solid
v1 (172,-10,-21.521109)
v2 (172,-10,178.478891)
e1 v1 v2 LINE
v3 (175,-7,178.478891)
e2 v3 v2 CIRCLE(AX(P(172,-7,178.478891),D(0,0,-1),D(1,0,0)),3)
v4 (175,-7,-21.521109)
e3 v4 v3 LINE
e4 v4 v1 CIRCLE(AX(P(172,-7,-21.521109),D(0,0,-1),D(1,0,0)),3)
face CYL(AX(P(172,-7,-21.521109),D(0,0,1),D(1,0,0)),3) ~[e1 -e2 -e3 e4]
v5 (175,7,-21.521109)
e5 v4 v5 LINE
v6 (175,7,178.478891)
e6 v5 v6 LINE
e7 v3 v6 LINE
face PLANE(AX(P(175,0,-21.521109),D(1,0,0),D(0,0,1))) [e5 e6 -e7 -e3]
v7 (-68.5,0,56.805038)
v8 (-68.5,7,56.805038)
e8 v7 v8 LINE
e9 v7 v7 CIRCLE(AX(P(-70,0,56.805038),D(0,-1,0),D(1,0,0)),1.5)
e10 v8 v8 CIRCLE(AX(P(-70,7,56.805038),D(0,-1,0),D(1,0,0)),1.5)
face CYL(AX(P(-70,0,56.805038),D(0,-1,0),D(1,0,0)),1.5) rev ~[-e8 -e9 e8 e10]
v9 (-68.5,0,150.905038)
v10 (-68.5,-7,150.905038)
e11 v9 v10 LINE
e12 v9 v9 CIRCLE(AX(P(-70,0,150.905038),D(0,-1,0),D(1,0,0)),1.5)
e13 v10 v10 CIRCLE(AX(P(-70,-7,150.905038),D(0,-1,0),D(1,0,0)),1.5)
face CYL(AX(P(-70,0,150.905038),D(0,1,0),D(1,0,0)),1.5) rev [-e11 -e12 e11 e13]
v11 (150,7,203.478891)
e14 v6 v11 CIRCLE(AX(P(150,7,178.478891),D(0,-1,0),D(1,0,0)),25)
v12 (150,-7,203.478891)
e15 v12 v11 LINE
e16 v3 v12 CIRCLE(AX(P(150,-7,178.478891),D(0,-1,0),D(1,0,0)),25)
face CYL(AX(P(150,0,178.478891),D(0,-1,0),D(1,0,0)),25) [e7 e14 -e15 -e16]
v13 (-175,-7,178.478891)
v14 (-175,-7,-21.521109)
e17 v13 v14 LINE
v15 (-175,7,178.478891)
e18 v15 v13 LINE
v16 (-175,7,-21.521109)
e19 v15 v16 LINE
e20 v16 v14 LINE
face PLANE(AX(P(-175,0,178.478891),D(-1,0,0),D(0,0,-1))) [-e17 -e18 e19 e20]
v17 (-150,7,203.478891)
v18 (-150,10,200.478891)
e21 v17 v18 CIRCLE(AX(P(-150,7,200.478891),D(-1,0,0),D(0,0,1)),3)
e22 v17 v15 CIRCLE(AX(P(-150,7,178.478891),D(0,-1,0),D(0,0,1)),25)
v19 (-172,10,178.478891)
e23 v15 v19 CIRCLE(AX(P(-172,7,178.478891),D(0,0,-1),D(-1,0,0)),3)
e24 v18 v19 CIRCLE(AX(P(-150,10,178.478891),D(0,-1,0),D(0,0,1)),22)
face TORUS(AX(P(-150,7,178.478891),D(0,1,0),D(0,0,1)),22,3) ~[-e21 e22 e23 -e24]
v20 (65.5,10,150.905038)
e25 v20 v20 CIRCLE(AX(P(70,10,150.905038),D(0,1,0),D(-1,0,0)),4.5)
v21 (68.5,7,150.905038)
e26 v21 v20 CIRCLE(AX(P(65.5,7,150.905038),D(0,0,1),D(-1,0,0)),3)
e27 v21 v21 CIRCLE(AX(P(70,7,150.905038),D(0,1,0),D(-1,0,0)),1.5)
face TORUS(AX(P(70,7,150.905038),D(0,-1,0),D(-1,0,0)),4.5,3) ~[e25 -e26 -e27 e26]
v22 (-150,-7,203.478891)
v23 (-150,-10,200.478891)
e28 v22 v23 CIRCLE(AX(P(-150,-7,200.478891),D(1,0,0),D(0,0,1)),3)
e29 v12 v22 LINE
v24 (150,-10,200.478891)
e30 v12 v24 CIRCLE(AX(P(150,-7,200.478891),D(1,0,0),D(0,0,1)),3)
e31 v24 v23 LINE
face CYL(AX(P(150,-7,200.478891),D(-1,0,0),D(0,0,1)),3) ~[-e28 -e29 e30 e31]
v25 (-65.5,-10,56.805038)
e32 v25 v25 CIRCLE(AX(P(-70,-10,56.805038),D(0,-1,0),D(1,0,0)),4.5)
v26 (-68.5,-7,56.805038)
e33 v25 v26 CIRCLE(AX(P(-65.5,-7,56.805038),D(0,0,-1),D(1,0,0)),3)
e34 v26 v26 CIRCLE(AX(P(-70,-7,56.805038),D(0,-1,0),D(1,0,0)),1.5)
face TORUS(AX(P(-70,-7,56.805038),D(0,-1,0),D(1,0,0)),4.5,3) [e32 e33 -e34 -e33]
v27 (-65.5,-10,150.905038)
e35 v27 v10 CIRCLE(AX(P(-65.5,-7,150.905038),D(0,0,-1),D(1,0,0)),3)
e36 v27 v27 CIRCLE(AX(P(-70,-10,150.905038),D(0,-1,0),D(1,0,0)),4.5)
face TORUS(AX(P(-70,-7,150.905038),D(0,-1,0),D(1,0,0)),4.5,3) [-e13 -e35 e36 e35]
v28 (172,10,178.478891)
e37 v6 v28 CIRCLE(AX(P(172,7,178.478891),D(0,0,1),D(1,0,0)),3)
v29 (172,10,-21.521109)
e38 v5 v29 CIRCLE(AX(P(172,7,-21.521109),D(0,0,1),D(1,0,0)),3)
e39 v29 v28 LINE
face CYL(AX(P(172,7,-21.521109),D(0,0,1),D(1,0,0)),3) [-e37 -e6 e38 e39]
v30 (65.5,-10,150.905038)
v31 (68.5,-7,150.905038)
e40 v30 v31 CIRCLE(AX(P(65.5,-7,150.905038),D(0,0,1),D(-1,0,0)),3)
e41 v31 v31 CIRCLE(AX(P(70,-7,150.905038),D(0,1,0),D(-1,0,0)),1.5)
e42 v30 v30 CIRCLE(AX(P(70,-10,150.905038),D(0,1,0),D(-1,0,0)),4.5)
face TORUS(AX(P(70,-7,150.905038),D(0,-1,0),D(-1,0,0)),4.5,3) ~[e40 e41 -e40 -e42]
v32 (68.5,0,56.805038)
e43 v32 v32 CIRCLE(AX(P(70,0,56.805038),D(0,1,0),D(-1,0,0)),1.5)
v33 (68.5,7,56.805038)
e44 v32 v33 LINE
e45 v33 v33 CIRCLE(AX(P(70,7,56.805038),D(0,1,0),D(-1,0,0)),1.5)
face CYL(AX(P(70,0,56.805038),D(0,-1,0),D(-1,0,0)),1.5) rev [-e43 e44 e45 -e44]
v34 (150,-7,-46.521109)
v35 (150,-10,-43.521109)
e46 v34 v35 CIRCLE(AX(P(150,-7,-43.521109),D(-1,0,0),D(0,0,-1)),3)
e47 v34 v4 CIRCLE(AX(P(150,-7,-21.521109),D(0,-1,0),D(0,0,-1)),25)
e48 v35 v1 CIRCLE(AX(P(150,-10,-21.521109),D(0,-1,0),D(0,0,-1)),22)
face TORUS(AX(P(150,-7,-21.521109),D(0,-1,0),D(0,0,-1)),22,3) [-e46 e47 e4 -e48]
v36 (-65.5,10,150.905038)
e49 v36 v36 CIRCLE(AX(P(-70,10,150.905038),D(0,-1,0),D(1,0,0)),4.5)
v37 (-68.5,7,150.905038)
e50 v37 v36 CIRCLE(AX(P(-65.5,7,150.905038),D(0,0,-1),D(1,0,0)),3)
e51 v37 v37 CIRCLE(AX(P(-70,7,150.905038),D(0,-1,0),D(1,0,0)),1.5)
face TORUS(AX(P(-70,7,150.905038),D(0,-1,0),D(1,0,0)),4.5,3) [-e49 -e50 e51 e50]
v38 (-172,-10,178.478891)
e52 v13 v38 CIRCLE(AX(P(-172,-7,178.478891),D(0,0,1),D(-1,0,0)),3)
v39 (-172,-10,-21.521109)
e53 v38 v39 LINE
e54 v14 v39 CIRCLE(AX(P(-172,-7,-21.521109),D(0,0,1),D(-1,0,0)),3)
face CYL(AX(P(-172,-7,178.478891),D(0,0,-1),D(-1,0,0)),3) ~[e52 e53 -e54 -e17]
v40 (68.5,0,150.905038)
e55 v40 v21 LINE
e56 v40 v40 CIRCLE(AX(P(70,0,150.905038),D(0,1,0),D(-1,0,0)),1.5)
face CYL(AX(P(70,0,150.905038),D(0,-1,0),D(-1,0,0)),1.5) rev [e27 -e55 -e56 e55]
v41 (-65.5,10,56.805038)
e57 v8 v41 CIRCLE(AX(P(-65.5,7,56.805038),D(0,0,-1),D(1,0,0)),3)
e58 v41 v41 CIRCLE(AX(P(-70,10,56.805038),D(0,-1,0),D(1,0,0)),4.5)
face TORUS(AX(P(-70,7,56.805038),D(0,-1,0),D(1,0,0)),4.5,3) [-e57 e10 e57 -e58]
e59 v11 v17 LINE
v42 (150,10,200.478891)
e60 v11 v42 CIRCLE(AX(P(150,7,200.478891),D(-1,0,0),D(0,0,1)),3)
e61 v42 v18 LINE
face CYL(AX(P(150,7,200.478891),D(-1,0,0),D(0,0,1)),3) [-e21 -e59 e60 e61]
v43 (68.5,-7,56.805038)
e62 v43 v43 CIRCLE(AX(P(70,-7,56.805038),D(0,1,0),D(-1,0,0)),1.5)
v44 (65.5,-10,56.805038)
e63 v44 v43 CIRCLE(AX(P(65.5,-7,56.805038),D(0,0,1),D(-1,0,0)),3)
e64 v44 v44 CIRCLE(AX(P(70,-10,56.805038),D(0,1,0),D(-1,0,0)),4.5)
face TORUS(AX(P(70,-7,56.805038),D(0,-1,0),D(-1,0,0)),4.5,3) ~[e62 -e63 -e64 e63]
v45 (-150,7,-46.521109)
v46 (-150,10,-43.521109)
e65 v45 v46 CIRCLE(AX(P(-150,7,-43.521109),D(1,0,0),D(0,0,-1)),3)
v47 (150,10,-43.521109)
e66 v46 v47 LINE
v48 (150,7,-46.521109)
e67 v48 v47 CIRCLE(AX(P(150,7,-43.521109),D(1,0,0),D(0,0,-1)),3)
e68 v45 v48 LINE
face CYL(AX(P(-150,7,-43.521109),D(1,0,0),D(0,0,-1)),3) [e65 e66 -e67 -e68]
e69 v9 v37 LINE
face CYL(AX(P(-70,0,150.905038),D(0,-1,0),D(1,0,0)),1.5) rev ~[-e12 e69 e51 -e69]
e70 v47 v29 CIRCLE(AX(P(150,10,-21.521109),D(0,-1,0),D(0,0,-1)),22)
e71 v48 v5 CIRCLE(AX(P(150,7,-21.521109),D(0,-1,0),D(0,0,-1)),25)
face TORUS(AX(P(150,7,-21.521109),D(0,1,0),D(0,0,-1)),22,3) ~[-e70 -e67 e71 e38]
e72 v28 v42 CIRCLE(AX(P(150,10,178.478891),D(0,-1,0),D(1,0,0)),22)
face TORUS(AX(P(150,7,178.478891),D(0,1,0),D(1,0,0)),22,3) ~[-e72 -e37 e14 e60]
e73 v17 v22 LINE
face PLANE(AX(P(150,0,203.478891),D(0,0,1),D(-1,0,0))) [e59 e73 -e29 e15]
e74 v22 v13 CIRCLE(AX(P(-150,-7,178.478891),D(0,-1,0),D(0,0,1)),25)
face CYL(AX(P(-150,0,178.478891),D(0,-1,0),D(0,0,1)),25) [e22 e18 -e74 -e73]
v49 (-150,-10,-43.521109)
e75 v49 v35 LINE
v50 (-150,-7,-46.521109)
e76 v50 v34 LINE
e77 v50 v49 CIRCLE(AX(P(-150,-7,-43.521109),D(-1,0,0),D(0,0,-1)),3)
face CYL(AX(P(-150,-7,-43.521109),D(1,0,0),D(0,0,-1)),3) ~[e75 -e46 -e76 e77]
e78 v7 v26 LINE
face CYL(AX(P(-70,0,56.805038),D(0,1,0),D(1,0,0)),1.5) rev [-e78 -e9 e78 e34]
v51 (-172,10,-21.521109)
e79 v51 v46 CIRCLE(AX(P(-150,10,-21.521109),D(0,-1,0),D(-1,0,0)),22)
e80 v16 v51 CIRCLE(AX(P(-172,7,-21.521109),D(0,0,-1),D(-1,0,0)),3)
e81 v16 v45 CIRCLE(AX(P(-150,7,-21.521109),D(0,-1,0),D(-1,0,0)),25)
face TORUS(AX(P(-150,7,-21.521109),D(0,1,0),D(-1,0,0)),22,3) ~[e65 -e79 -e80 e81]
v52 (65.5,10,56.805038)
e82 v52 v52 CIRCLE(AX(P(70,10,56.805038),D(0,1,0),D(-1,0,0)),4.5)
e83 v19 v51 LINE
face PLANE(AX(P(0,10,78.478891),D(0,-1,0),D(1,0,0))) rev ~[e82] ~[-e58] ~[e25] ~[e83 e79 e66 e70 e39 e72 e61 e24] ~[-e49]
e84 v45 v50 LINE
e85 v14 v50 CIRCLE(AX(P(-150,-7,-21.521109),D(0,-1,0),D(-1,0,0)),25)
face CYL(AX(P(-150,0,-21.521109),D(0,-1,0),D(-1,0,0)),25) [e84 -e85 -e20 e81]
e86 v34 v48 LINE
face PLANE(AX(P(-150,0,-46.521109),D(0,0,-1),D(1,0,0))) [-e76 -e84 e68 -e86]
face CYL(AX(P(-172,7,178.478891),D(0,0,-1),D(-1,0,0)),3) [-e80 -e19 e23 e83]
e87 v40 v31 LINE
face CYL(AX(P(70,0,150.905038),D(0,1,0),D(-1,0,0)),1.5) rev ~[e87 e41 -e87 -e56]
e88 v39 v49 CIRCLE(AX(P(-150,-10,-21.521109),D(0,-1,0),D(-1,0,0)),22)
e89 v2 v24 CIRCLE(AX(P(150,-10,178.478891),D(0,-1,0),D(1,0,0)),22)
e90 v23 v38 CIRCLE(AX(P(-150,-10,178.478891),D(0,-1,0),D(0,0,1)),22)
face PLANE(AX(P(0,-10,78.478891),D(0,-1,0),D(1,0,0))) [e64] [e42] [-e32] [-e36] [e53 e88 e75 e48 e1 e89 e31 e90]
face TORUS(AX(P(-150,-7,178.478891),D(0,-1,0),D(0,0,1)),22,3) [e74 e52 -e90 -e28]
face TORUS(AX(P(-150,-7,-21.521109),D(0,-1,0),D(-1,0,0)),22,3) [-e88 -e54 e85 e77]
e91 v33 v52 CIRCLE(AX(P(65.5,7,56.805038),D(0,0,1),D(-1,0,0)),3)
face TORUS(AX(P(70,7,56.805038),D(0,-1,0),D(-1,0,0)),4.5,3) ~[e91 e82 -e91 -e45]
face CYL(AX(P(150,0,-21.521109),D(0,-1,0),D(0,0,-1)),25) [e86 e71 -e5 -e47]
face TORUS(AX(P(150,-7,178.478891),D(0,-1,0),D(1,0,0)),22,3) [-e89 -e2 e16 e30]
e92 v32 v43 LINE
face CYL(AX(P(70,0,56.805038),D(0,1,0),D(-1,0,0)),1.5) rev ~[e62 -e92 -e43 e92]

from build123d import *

# Parameters (mm, degrees)
F0_R     = 1.5
F1_DEPTH = 10
F2_R     = 3


with BuildPart() as f1:
    # F0 (on Front) → F1 (new body, symmetric)
    with BuildSketch(Plane.XZ):
        with BuildLine():
            Line((150, 203.4788914025), (0, 203.4788914025))
            Line((0, 203.4788914025), (-150, 203.4788914025))
            ThreePointArc((-150, 203.4788914025), (-167.6776695297, 196.1565609321), (-175, 178.4788914025))
            Line((-175, 178.4788914025), (-175, -21.5211085975))
            ThreePointArc((-175, -21.5211085975), (-167.6776695297, -39.1987781272), (-150, -46.5211085975))
            Line((-150, -46.5211085975), (0, -46.5211085975))
            Line((0, -46.5211085975), (150, -46.5211085975))
            ThreePointArc((150, -46.5211085975), (167.6776695297, -39.1987781272), (175, -21.5211085975))
            Line((175, -21.5211085975), (175, 178.4788914025))
            ThreePointArc((175, 178.4788914025), (167.6776695297, 196.1565609321), (150, 203.4788914025))
        make_face()
        with Locations((-70, 56.8050378919)):
            Circle(F0_R, mode=Mode.SUBTRACT)
        with BuildLine():
            ThreePointArc((71.5, 56.8050378919), (70, 55.3050378919), (68.5, 56.8050378919))
            ThreePointArc((68.5, 56.8050378919), (70, 58.3050378919), (71.5, 56.8050378919))
        make_face(mode=Mode.SUBTRACT)
        with Locations((-70, 150.9050378919)):
            Circle(F0_R, mode=Mode.SUBTRACT)
        with BuildLine():
            ThreePointArc((71.5, 150.9050378919), (70, 149.4050378919), (68.5, 150.9050378919))
            ThreePointArc((68.5, 150.9050378919), (70, 152.4050378919), (71.5, 150.9050378919))
        make_face(mode=Mode.SUBTRACT)
    extrude(amount=F1_DEPTH, both=True)

    # F2
    f2_edges = [f1.edges().sort_by_distance(p)[0] for p in [
        (0, -10, 203.478891),
        (-167.67767, -10, 196.156561),
        (-175, -10, 78.478891),
        (-167.67767, -10, -39.198778),
        (0, -10, -46.521109),
        (167.67767, -10, -39.198778),
        (175, -10, 78.478891),
        (167.67767, -10, 196.156561),
        (-71.5, -10, 56.805038),
        (71.5, -10, 56.805038),
        (-71.5, -10, 150.905038),
        (71.5, -10, 150.905038),
        (0, 10, 203.478891),
        (-167.67767, 10, 196.156561),
        (-175, 10, 78.478891),
        (-167.67767, 10, -39.198778),
        (0, 10, -46.521109),
        (167.67767, 10, -39.198778),
        (175, 10, 78.478891),
        (167.67767, 10, 196.156561),
        (-71.5, 10, 56.805038),
        (71.5, 10, 56.805038),
        (-71.5, 10, 150.905038),
        (71.5, 10, 150.905038),
    ]]
    fillet(f2_edges, radius=F2_R)


solid = f1.part
